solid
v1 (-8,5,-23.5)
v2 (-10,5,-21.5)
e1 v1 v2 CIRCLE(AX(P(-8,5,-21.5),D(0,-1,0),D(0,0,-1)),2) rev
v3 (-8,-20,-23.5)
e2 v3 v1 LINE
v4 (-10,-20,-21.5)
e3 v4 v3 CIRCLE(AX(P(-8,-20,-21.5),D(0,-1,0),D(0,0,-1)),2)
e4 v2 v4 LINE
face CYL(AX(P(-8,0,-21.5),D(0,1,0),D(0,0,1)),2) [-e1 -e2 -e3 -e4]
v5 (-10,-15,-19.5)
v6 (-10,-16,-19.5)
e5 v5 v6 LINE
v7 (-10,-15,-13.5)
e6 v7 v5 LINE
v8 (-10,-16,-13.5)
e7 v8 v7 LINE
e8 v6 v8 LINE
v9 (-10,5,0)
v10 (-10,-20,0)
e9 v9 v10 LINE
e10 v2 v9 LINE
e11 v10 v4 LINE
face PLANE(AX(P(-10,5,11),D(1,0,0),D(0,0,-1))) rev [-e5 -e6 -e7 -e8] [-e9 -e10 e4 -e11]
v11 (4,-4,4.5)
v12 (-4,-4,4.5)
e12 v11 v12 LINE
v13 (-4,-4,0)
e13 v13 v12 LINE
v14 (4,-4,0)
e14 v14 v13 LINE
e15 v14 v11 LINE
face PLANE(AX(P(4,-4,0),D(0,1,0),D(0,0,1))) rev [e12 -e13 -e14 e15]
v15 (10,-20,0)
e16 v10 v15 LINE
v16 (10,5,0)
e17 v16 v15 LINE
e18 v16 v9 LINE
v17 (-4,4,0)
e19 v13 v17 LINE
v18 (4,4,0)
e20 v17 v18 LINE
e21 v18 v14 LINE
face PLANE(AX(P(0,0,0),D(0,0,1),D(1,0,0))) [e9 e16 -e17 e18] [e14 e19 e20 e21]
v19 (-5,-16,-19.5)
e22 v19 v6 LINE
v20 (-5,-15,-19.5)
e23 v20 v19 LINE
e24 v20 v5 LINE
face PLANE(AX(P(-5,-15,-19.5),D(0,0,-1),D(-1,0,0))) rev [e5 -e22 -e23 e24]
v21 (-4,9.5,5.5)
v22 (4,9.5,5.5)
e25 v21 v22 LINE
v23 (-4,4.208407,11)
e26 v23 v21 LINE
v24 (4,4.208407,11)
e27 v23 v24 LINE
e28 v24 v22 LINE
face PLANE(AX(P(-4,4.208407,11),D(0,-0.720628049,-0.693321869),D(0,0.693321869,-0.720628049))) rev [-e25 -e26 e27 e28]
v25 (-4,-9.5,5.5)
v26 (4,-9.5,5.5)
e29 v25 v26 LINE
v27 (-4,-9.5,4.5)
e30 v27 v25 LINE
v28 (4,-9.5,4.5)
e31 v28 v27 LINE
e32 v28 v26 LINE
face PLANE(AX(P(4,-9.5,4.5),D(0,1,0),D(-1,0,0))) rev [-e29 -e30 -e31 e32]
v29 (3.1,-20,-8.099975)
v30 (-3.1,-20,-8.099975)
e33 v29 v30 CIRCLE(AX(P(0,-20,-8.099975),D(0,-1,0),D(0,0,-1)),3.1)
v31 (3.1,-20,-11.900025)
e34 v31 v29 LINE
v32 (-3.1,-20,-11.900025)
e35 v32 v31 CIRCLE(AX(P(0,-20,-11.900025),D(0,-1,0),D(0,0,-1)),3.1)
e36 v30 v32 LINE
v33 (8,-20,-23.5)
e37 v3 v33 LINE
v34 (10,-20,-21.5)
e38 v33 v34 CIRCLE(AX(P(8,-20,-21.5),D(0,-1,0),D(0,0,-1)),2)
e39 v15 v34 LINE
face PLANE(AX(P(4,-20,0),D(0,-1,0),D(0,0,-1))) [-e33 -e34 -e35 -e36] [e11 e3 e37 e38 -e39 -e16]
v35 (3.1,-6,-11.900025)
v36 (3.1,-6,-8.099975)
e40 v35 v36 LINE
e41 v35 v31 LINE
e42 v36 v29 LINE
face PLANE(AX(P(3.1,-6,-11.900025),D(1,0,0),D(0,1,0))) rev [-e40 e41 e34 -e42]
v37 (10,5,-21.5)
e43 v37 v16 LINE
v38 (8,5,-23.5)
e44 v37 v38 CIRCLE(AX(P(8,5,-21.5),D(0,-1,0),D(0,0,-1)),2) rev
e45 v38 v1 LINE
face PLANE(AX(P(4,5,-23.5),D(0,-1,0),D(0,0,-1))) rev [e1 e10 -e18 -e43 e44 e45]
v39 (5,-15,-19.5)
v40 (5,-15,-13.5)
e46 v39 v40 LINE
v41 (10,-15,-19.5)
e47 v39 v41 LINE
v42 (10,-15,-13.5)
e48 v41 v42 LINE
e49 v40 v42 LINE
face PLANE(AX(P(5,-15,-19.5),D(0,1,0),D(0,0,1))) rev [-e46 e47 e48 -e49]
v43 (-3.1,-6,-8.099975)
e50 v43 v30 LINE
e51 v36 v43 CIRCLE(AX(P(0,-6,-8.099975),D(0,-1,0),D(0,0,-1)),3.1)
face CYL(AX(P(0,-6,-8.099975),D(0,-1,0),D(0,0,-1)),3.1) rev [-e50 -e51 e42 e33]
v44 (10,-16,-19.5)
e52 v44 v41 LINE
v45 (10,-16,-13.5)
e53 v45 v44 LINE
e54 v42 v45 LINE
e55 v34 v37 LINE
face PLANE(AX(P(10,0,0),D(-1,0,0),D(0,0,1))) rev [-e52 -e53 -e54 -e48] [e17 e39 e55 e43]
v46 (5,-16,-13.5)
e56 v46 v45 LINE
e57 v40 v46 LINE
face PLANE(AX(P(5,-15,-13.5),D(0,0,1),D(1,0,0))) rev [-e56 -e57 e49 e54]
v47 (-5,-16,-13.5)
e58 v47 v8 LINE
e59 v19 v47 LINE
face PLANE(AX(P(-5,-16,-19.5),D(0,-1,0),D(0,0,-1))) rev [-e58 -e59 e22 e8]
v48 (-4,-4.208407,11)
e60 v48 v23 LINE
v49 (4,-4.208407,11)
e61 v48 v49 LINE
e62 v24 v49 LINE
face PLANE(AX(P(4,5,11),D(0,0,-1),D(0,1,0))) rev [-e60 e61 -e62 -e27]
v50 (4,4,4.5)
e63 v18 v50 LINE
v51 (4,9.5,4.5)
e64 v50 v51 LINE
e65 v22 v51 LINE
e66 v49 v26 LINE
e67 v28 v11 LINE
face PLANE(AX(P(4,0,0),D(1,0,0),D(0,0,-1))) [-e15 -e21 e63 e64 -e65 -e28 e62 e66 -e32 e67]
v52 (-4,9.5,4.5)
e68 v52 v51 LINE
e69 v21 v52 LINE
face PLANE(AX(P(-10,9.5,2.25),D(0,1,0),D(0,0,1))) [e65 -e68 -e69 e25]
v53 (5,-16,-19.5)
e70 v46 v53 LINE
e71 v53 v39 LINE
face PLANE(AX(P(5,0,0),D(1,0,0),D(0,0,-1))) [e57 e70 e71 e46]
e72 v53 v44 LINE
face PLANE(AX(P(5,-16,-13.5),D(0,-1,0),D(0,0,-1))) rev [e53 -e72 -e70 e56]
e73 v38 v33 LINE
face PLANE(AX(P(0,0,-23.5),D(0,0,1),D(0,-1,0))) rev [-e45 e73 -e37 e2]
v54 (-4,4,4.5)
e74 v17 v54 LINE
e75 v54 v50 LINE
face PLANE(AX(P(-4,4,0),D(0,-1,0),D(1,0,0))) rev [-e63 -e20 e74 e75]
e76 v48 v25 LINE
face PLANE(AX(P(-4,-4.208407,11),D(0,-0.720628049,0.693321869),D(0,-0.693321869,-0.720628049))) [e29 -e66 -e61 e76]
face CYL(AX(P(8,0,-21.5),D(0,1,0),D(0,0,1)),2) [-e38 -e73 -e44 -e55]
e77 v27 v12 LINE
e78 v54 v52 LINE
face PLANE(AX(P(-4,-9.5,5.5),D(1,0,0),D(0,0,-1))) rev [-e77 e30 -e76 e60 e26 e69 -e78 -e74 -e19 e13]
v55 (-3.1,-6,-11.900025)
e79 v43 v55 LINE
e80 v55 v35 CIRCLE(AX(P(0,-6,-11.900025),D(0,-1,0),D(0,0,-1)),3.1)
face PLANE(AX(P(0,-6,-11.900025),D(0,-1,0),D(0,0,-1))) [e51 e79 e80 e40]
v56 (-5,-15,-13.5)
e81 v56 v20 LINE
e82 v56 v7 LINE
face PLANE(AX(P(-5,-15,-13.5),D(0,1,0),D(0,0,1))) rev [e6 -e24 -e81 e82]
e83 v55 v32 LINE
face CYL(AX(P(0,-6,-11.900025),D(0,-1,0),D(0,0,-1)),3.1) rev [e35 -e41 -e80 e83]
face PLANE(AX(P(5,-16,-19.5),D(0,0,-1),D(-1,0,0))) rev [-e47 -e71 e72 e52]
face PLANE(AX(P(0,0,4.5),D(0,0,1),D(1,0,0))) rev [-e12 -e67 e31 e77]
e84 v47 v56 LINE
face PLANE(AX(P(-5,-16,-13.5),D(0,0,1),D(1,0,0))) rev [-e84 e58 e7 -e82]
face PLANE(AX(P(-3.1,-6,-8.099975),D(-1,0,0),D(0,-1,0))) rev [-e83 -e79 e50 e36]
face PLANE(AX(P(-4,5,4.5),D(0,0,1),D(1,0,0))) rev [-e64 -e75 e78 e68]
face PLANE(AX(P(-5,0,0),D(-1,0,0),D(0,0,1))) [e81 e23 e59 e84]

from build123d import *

# Parameters (mm, degrees)
ESTRUSIONE_ESTRUSIONE1_DEPTH = 8
SCHIZZO2_W                   = 14
SCHIZZO2_H                   = 5.5
ESTRUSIONE_ESTRUSIONE2_DEPTH = 9.208407085
SCHIZZO3_W                   = 6
SCHIZZO3_H                   = 5.5
ESTRUSIONE_ESTRUSIONE3_DEPTH = 5.291592915
SCHIZZO4_W                   = 14
SCHIZZO4_H                   = 14.5
ESTRUSIONE_ESTRUSIONE4_DEPTH = 5.5
ESTRUSIONE_ESTRUSIONE5_DEPTH = 4.5
TAGLIO_ESTRUSIONE1_DEPTH     = 8
TAGLIO_ESTRUSIONE2_DEPTH     = 5.5
SCHIZZO8_W                   = 14
SCHIZZO8_H                   = 19
ESTRUSIONE_ESTRUSIONE6_DEPTH = 23.5
ESTRUSIONE_ESTRUSIONE7_DEPTH = 10.5
TAGLIO_ESTRUSIONE3_DEPTH     = 4.5
TAGLIO_ESTRUSIONE4_DEPTH     = 1
TAGLIO_ESTRUSIONE5_DEPTH     = 4.5
SCHIZZO13_W                  = 23.5
SCHIZZO13_H                  = 25
ESTRUSIONE_ESTRUSIONE8_DEPTH = 6
SCHIZZO14_W                  = 6
SCHIZZO14_H                  = 1
TAGLIO_ESTRUSIONE6_DEPTH     = 5
TAGLIO_ESTRUSIONE7_DEPTH     = 14
SCHIZZO16_W                  = 6
SCHIZZO16_H                  = 1
TAGLIO_ESTRUSIONE8_DEPTH     = 5
RACCORDO1_R                  = 2


with BuildPart() as part:
    # Schizzo1 → Estrusione-Estrusione1 (new body)
    with BuildSketch(Plane(origin=(4, 0, 0), x_dir=(0, 0, -1), z_dir=(1, 0, 0))):
        Polygon((-5.5, -9.5), (-5.5, -4.208407085), (-11, -4.208407085), align=None)
    extrude(amount=-ESTRUSIONE_ESTRUSIONE1_DEPTH)

    # Schizzo2 → Estrusione-Estrusione2 (add)
    with BuildSketch(Plane(origin=(0, -4.208407085, 0), x_dir=(-1, 0, 0), z_dir=(0, 1, 0))):
        with Locations((3, 8.25)):
            Rectangle(SCHIZZO2_W, SCHIZZO2_H)
    extrude(amount=ESTRUSIONE_ESTRUSIONE2_DEPTH)

    # Schizzo3 → Estrusione-Estrusione3 (add)
    with BuildSketch(Plane.XZ.offset(4.208407085)):
        with Locations((-7, 8.25)):
            Rectangle(SCHIZZO3_W, SCHIZZO3_H)
    extrude(amount=ESTRUSIONE_ESTRUSIONE3_DEPTH)

    # Schizzo4 → Estrusione-Estrusione4 (add)
    with BuildSketch(Plane(origin=(0, 0, 5.5), x_dir=(-1, 0, 0), z_dir=(0, 9.448610433574674e-12, -1.0))):
        with Locations((3, -2.25)):
            Rectangle(SCHIZZO4_W, SCHIZZO4_H)
    extrude(amount=ESTRUSIONE_ESTRUSIONE4_DEPTH)

    # Schizzo5 → Estrusione-Estrusione5 (add)
    with BuildSketch(Plane(origin=(0, 5, 0), x_dir=(-1, 0, 0), z_dir=(0, 1, 0))):
        with BuildLine():
            Line((10, 0), (-4, 0))
            add(Edge.make_bspline(
                [(-4, 4.5), (-4, 3), (-4, 1.5), (-4, 0)],
                knots=[0, 0, 0, 0, 1, 1, 1, 1], degree=3))
            Line((-4, 4.5), (-4, 11))
            Line((-4, 11), (10, 11))
            add(Edge.make_bspline(
                [(10, 11), (10, 9.166666667), (10, 7.333333333), (10, 5.5)],
                knots=[0, 0, 0, 0, 1, 1, 1, 1], degree=3))
            add(Edge.make_bspline(
                [(10, 5.5), (10, 5.166666667), (10, 4.833333333), (10, 4.5)],
                knots=[0, 0, 0, 0, 1, 1, 1, 1], degree=3))
            add(Edge.make_bspline(
                [(10, 4.5), (10, 3), (10, 1.5), (10, 0)],
                knots=[0, 0, 0, 0, 1, 1, 1, 1], degree=3))
        make_face()
    extrude(amount=ESTRUSIONE_ESTRUSIONE5_DEPTH)

    # Schizzo6 → Taglio-Estrusione1 (cut)
    with BuildSketch(Plane(origin=(4, 0, 0), x_dir=(0, 0, -1), z_dir=(1, 0, 0))):
        Polygon((-11, 4.208407085), (-5.5, 9.5), (-11, 9.5), align=None)
    extrude(amount=-TAGLIO_ESTRUSIONE1_DEPTH, mode=Mode.SUBTRACT)

    # Schizzo7 → Taglio-Estrusione2 (cut)
    with BuildSketch(Plane.XY.offset(11)):
        with BuildLine():
            Line((-10, -9.5), (-4, -9.5))
            Line((-4, -9.5), (-4, 9.5))
            Line((-4, 9.5), (-10, 9.5))
            add(Edge.make_bspline(
                [(-10, 9.5), (-10, 8), (-10, 6.5), (-10, 5)],
                knots=[0, 0, 0, 0, 1, 1, 1, 1], degree=3))
            Line((-10, 5), (-10, -9.5))
        make_face()
    extrude(amount=-TAGLIO_ESTRUSIONE2_DEPTH, mode=Mode.SUBTRACT)

    # Schizzo8 → Estrusione-Estrusione6 (add)
    with BuildSketch(Plane(origin=(0, 0, 0), x_dir=(-1, 0, 0), z_dir=(0, 3.448151725834727e-12, -1.0))):
        with Locations((3, 0)):
            Rectangle(SCHIZZO8_W, SCHIZZO8_H)
    extrude(amount=ESTRUSIONE_ESTRUSIONE6_DEPTH)

    # Schizzo9 → Estrusione-Estrusione7 (add)
    with BuildSketch(Plane.XZ.offset(9.5)):
        with BuildLine():
            Line((4, -23.5), (-10, -23.5))
            Line((-10, -23.5), (-10, 0))
            add(Edge.make_bspline(
                [(-10, 4.5), (-10, 3), (-10, 1.5), (-10, 0)],
                knots=[0, 0, 0, 0, 1, 1, 1, 1], degree=3))
            add(Edge.make_bspline(
                [(-10, 5.5), (-10, 5.166666667), (-10, 4.833333333), (-10, 4.5)],
                knots=[0, 0, 0, 0, 1, 1, 1, 1], degree=3))
            Line((-10, 5.5), (4, 5.5))
            add(Edge.make_bspline(
                [(4, 5.5), (4, 5.166666667), (4, 4.833333333), (4, 4.5)],
                knots=[0, 0, 0, 0, 1, 1, 1, 1], degree=3))
            add(Edge.make_bspline(
                [(4, 4.5), (4, 3), (4, 1.5), (4, 0)],
                knots=[0, 0, 0, 0, 1, 1, 1, 1], degree=3))
            Line((4, 0), (4, -23.5))
        make_face()
    extrude(amount=ESTRUSIONE_ESTRUSIONE7_DEPTH)

    # Schizzo10 → Taglio-Estrusione3 (cut)
    with BuildSketch(Plane(origin=(0, 9.5, 0), x_dir=(-1, 0, 0), z_dir=(0, 1, 0))):
        with BuildLine():
            Line((10, -23.5), (10, 0))
            add(Edge.make_bspline(
                [(10, 4.5), (10, 3), (10, 1.5), (10, 0)],
                knots=[0, 0, 0, 0, 1, 1, 1, 1], degree=3))
            add(Edge.make_bspline(
                [(10, 5.5), (10, 5.166666667), (10, 4.833333333), (10, 4.5)],
                knots=[0, 0, 0, 0, 1, 1, 1, 1], degree=3))
            Line((10, 5.5), (4, 5.5))
            Line((4, 5.5), (4, 4.5))
            Line((4, 4.5), (-4, 4.5))
            add(Edge.make_bspline(
                [(-4, 4.5), (-4, 3), (-4, 1.5), (-4, 0)],
                knots=[0, 0, 0, 0, 1, 1, 1, 1], degree=3))
            Line((-4, 0), (-4, -23.5))
            Line((-4, -23.5), (10, -23.5))
        make_face()
    extrude(amount=-TAGLIO_ESTRUSIONE3_DEPTH, mode=Mode.SUBTRACT)

    # Schizzo11 → Taglio-Estrusione4 (cut)
    with BuildSketch(Plane.XY.offset(5.5)):
        Polygon((-4, -9.5), (-4, 5), (-10, 5), (-10, -20), (4, -20), (4, -9.5), align=None)
    extrude(amount=-TAGLIO_ESTRUSIONE4_DEPTH, mode=Mode.SUBTRACT)

    # Schizzo12 → Taglio-Estrusione5 (cut)
    with BuildSketch(Plane.XY.offset(4.5)):
        Polygon((4, 4), (4, 5), (-10, 5), (-10, -20), (4, -20), (4, -4), (-4, -4), (-4, 4), align=None)
    extrude(amount=-TAGLIO_ESTRUSIONE5_DEPTH, mode=Mode.SUBTRACT)

    # Schizzo13 → Estrusione-Estrusione8 (add)
    with BuildSketch(Plane(origin=(4, 0, 0), x_dir=(0, 0, -1), z_dir=(1, 0, 0))):
        with Locations((11.75, -7.5)):
            Rectangle(SCHIZZO13_W, SCHIZZO13_H)
    extrude(amount=ESTRUSIONE_ESTRUSIONE8_DEPTH)

    # Schizzo14 → Taglio-Estrusione6 (cut)
    with BuildSketch(Plane.ZY.offset(10)):
        with Locations((-16.5, -15.5)):
            Rectangle(SCHIZZO14_W, SCHIZZO14_H)
    extrude(amount=-TAGLIO_ESTRUSIONE6_DEPTH, mode=Mode.SUBTRACT)

    # Schizzo15 → Taglio-Estrusione7 (cut)
    with BuildSketch(Plane.XZ.offset(20)):
        with BuildLine():
            Line((3.1, -11.9000249), (3.1, -8.0999751))
            ThreePointArc((3.1, -8.0999751), (0, -4.9999751), (-3.1, -8.0999751))
            Line((-3.1, -8.0999751), (-3.1, -11.9000249))
            ThreePointArc((-3.1, -11.9000249), (0, -15.0000249), (3.1, -11.9000249))
        make_face()
    extrude(amount=-TAGLIO_ESTRUSIONE7_DEPTH, mode=Mode.SUBTRACT)

    # Schizzo16 → Taglio-Estrusione8 (cut)
    with BuildSketch(Plane(origin=(10, 0, 0), x_dir=(0, 0, -1), z_dir=(1, 0, 0))):
        with Locations((16.5, -15.5)):
            Rectangle(SCHIZZO16_W, SCHIZZO16_H)
    extrude(amount=-TAGLIO_ESTRUSIONE8_DEPTH, mode=Mode.SUBTRACT)

    # Raccordo1
    raccordo1_edges = [part.edges().sort_by_distance(p)[0] for p in [
        (-10, -2.25, -23.5),
        (10, -7.5, -23.5),
    ]]
    fillet(raccordo1_edges, radius=RACCORDO1_R)


solid = part.part
